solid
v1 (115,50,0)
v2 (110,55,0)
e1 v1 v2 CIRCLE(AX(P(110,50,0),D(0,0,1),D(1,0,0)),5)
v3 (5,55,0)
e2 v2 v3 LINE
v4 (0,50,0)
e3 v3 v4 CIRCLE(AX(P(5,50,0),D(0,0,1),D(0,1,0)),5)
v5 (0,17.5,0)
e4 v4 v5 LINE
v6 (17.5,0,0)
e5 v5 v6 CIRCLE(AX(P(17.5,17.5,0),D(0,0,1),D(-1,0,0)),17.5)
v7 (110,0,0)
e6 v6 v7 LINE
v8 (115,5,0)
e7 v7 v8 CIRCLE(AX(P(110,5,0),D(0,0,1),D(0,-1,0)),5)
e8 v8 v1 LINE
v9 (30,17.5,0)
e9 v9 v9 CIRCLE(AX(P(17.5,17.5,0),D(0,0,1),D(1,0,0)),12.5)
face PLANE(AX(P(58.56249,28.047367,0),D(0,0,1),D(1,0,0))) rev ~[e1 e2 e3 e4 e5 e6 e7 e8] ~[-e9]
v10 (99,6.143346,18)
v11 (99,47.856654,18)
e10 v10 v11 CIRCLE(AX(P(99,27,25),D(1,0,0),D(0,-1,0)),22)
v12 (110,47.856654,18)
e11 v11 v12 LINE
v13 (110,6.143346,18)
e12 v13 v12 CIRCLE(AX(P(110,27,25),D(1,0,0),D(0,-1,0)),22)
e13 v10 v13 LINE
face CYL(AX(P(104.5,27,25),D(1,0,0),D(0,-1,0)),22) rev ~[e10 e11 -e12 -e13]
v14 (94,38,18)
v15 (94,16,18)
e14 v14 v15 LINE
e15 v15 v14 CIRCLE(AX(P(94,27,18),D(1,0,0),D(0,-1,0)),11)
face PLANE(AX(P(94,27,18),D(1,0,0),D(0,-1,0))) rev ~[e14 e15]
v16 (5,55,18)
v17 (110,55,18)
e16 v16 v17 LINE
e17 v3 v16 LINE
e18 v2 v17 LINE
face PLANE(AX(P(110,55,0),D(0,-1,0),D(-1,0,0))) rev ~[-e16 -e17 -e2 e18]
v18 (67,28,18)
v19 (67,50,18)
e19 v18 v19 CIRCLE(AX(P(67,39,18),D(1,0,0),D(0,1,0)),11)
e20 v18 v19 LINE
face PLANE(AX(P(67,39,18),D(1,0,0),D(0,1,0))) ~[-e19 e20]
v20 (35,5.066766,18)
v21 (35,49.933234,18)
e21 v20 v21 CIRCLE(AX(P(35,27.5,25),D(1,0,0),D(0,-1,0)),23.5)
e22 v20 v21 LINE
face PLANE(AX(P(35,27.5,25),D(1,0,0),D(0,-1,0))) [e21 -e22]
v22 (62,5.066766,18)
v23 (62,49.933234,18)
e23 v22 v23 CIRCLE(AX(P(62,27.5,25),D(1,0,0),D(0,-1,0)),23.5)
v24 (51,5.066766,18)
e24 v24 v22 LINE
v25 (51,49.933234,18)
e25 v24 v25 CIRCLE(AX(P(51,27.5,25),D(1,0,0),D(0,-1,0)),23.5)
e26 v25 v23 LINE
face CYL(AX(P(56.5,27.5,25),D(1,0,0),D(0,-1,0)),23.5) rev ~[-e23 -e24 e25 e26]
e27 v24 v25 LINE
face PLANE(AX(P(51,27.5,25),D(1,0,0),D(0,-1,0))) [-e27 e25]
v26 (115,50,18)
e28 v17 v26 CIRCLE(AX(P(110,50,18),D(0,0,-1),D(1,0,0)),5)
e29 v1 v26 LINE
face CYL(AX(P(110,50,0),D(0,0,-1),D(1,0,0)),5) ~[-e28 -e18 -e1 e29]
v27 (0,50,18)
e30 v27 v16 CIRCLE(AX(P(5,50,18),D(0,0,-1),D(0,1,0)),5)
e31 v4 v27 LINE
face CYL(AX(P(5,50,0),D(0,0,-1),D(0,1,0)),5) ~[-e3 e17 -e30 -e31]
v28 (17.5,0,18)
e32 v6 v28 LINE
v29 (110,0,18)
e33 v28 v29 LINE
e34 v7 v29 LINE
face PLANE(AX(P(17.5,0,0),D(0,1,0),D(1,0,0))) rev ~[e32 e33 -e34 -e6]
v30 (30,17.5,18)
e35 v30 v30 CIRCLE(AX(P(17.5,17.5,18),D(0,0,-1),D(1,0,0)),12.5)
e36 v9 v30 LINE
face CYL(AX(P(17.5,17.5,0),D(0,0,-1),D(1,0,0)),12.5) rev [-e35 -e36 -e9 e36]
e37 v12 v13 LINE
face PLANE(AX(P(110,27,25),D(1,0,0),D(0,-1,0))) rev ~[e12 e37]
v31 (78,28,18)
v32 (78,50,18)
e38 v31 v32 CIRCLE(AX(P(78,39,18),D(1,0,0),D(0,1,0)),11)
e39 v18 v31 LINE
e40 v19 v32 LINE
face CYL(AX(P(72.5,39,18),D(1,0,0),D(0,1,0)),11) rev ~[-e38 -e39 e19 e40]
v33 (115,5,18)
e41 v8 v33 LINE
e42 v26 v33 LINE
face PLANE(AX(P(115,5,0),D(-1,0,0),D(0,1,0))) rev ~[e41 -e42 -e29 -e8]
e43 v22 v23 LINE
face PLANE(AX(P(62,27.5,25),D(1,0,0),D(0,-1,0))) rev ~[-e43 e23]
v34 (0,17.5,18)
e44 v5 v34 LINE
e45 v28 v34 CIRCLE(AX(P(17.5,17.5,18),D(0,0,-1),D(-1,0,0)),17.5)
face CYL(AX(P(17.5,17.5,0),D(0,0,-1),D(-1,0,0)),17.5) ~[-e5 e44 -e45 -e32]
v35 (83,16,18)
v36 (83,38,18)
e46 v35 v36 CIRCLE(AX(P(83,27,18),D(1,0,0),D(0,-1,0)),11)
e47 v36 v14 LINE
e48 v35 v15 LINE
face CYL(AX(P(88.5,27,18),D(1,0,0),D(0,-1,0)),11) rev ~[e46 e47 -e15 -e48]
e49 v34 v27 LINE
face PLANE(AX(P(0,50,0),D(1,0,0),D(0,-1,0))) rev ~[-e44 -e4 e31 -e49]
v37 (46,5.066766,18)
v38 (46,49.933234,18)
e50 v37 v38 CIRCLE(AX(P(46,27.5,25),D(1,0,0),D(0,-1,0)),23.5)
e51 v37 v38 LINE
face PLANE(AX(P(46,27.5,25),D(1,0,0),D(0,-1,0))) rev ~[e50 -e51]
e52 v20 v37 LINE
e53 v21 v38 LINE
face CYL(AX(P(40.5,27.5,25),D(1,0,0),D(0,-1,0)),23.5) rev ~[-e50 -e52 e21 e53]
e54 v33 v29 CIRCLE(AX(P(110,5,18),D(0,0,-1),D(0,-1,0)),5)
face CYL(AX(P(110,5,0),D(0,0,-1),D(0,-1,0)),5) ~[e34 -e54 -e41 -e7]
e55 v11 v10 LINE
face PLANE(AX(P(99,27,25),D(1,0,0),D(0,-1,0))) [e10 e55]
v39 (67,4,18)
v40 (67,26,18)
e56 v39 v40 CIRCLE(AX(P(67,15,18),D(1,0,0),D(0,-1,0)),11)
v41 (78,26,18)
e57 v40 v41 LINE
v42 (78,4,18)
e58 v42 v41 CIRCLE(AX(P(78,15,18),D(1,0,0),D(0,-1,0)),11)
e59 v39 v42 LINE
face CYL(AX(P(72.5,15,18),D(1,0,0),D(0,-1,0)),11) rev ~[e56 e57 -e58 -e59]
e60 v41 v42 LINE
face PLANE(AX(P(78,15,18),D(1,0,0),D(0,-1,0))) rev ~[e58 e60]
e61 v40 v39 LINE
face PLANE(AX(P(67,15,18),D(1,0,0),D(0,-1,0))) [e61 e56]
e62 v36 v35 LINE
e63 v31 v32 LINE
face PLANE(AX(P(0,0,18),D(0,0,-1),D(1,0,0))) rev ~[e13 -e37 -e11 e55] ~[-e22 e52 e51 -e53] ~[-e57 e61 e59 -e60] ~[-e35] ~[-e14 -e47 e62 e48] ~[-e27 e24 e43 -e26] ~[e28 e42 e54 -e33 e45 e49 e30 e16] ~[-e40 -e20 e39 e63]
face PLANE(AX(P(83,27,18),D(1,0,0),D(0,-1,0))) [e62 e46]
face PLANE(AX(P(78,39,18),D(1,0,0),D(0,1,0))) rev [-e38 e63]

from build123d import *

# Parameters (mm, degrees)
F0_R     = 12.5
F1_DEPTH = 25
F2_W     = 11
F2_H     = 23.5
F4_W     = 147.382453084
F4_H     = 22.0085635483
F5_DEPTH = 55.001
F6_W     = 11
F6_H     = 11
F11_W    = 11
F11_H    = 22


with BuildPart() as f1:
    # F0 (on Top) → F1 (new body)
    with BuildSketch(Plane.XY):
        with BuildLine():
            ThreePointArc((0, 17.5), (5.1256313292, 5.1256313292), (17.5, 0))
            Line((17.5, 0), (110, 0))
            ThreePointArc((110, 0), (113.5355339059, 1.4644660941), (115, 5))
            Line((115, 5), (115, 50))
            ThreePointArc((115, 50), (113.5355339059, 53.5355339059), (110, 55))
            Line((110, 55), (5, 55))
            ThreePointArc((5, 55), (1.4644660941, 53.5355339059), (0, 50))
            Line((0, 50), (0, 17.5))
        make_face()
        with Locations((17.5, 17.5)):
            Circle(F0_R, mode=Mode.SUBTRACT)
    extrude(amount=F1_DEPTH)

    # F2 (on face) → F3 (revolve, cut)
    with BuildSketch(Plane.XY.offset(25)):
        with Locations((40.5, 15.75)):
            Rectangle(F2_W, F2_H)
        with Locations((56.5, 15.75)):
            Rectangle(F2_W, F2_H)
    revolve(axis=Axis((40.5, 27.5, 25), (1, 0, 0)), mode=Mode.SUBTRACT)

    # F4 (on face) → F5 (cut, through all)
    with BuildSketch(Plane.XZ):
        with Locations((73.691226542, 29.0042817742)):
            Rectangle(F4_W, F4_H)
    extrude(amount=-F5_DEPTH, mode=Mode.SUBTRACT)

    # F6 (on face) → F7 (revolve, cut)
    with BuildSketch(Plane.XY.offset(18)):
        with Locations((72.5, 9.5)):
            Rectangle(F6_W, F6_H)
    revolve(axis=Axis((72.5, 15, 18), (1, 0, 0)), mode=Mode.SUBTRACT)

    # F6 (on face) → F8 (revolve, cut)
    with BuildSketch(Plane.XY.offset(18)):
        with Locations((88.5, 21.5)):
            Rectangle(F6_W, F6_H)
    revolve(axis=Axis((88.5, 27, 18), (1, 0, 0)), mode=Mode.SUBTRACT)

    # F6 (on face) → F9 (revolve, cut)
    with BuildSketch(Plane.XY.offset(18)):
        with Locations((72.5, 44.5)):
            Rectangle(F6_W, F6_H)
    revolve(axis=Axis((72.5, 39, 18), (1, 0, 0)), mode=Mode.SUBTRACT)

    # F11 (on offset) → F12 (revolve, cut)
    with BuildSketch(Plane.XY.offset(25)):
        with Locations((104.5, 16)):
            Rectangle(F11_W, F11_H)
    revolve(axis=Axis((104.5, 27, 25), (1, 0, 0)), mode=Mode.SUBTRACT)


solid = f1.part
